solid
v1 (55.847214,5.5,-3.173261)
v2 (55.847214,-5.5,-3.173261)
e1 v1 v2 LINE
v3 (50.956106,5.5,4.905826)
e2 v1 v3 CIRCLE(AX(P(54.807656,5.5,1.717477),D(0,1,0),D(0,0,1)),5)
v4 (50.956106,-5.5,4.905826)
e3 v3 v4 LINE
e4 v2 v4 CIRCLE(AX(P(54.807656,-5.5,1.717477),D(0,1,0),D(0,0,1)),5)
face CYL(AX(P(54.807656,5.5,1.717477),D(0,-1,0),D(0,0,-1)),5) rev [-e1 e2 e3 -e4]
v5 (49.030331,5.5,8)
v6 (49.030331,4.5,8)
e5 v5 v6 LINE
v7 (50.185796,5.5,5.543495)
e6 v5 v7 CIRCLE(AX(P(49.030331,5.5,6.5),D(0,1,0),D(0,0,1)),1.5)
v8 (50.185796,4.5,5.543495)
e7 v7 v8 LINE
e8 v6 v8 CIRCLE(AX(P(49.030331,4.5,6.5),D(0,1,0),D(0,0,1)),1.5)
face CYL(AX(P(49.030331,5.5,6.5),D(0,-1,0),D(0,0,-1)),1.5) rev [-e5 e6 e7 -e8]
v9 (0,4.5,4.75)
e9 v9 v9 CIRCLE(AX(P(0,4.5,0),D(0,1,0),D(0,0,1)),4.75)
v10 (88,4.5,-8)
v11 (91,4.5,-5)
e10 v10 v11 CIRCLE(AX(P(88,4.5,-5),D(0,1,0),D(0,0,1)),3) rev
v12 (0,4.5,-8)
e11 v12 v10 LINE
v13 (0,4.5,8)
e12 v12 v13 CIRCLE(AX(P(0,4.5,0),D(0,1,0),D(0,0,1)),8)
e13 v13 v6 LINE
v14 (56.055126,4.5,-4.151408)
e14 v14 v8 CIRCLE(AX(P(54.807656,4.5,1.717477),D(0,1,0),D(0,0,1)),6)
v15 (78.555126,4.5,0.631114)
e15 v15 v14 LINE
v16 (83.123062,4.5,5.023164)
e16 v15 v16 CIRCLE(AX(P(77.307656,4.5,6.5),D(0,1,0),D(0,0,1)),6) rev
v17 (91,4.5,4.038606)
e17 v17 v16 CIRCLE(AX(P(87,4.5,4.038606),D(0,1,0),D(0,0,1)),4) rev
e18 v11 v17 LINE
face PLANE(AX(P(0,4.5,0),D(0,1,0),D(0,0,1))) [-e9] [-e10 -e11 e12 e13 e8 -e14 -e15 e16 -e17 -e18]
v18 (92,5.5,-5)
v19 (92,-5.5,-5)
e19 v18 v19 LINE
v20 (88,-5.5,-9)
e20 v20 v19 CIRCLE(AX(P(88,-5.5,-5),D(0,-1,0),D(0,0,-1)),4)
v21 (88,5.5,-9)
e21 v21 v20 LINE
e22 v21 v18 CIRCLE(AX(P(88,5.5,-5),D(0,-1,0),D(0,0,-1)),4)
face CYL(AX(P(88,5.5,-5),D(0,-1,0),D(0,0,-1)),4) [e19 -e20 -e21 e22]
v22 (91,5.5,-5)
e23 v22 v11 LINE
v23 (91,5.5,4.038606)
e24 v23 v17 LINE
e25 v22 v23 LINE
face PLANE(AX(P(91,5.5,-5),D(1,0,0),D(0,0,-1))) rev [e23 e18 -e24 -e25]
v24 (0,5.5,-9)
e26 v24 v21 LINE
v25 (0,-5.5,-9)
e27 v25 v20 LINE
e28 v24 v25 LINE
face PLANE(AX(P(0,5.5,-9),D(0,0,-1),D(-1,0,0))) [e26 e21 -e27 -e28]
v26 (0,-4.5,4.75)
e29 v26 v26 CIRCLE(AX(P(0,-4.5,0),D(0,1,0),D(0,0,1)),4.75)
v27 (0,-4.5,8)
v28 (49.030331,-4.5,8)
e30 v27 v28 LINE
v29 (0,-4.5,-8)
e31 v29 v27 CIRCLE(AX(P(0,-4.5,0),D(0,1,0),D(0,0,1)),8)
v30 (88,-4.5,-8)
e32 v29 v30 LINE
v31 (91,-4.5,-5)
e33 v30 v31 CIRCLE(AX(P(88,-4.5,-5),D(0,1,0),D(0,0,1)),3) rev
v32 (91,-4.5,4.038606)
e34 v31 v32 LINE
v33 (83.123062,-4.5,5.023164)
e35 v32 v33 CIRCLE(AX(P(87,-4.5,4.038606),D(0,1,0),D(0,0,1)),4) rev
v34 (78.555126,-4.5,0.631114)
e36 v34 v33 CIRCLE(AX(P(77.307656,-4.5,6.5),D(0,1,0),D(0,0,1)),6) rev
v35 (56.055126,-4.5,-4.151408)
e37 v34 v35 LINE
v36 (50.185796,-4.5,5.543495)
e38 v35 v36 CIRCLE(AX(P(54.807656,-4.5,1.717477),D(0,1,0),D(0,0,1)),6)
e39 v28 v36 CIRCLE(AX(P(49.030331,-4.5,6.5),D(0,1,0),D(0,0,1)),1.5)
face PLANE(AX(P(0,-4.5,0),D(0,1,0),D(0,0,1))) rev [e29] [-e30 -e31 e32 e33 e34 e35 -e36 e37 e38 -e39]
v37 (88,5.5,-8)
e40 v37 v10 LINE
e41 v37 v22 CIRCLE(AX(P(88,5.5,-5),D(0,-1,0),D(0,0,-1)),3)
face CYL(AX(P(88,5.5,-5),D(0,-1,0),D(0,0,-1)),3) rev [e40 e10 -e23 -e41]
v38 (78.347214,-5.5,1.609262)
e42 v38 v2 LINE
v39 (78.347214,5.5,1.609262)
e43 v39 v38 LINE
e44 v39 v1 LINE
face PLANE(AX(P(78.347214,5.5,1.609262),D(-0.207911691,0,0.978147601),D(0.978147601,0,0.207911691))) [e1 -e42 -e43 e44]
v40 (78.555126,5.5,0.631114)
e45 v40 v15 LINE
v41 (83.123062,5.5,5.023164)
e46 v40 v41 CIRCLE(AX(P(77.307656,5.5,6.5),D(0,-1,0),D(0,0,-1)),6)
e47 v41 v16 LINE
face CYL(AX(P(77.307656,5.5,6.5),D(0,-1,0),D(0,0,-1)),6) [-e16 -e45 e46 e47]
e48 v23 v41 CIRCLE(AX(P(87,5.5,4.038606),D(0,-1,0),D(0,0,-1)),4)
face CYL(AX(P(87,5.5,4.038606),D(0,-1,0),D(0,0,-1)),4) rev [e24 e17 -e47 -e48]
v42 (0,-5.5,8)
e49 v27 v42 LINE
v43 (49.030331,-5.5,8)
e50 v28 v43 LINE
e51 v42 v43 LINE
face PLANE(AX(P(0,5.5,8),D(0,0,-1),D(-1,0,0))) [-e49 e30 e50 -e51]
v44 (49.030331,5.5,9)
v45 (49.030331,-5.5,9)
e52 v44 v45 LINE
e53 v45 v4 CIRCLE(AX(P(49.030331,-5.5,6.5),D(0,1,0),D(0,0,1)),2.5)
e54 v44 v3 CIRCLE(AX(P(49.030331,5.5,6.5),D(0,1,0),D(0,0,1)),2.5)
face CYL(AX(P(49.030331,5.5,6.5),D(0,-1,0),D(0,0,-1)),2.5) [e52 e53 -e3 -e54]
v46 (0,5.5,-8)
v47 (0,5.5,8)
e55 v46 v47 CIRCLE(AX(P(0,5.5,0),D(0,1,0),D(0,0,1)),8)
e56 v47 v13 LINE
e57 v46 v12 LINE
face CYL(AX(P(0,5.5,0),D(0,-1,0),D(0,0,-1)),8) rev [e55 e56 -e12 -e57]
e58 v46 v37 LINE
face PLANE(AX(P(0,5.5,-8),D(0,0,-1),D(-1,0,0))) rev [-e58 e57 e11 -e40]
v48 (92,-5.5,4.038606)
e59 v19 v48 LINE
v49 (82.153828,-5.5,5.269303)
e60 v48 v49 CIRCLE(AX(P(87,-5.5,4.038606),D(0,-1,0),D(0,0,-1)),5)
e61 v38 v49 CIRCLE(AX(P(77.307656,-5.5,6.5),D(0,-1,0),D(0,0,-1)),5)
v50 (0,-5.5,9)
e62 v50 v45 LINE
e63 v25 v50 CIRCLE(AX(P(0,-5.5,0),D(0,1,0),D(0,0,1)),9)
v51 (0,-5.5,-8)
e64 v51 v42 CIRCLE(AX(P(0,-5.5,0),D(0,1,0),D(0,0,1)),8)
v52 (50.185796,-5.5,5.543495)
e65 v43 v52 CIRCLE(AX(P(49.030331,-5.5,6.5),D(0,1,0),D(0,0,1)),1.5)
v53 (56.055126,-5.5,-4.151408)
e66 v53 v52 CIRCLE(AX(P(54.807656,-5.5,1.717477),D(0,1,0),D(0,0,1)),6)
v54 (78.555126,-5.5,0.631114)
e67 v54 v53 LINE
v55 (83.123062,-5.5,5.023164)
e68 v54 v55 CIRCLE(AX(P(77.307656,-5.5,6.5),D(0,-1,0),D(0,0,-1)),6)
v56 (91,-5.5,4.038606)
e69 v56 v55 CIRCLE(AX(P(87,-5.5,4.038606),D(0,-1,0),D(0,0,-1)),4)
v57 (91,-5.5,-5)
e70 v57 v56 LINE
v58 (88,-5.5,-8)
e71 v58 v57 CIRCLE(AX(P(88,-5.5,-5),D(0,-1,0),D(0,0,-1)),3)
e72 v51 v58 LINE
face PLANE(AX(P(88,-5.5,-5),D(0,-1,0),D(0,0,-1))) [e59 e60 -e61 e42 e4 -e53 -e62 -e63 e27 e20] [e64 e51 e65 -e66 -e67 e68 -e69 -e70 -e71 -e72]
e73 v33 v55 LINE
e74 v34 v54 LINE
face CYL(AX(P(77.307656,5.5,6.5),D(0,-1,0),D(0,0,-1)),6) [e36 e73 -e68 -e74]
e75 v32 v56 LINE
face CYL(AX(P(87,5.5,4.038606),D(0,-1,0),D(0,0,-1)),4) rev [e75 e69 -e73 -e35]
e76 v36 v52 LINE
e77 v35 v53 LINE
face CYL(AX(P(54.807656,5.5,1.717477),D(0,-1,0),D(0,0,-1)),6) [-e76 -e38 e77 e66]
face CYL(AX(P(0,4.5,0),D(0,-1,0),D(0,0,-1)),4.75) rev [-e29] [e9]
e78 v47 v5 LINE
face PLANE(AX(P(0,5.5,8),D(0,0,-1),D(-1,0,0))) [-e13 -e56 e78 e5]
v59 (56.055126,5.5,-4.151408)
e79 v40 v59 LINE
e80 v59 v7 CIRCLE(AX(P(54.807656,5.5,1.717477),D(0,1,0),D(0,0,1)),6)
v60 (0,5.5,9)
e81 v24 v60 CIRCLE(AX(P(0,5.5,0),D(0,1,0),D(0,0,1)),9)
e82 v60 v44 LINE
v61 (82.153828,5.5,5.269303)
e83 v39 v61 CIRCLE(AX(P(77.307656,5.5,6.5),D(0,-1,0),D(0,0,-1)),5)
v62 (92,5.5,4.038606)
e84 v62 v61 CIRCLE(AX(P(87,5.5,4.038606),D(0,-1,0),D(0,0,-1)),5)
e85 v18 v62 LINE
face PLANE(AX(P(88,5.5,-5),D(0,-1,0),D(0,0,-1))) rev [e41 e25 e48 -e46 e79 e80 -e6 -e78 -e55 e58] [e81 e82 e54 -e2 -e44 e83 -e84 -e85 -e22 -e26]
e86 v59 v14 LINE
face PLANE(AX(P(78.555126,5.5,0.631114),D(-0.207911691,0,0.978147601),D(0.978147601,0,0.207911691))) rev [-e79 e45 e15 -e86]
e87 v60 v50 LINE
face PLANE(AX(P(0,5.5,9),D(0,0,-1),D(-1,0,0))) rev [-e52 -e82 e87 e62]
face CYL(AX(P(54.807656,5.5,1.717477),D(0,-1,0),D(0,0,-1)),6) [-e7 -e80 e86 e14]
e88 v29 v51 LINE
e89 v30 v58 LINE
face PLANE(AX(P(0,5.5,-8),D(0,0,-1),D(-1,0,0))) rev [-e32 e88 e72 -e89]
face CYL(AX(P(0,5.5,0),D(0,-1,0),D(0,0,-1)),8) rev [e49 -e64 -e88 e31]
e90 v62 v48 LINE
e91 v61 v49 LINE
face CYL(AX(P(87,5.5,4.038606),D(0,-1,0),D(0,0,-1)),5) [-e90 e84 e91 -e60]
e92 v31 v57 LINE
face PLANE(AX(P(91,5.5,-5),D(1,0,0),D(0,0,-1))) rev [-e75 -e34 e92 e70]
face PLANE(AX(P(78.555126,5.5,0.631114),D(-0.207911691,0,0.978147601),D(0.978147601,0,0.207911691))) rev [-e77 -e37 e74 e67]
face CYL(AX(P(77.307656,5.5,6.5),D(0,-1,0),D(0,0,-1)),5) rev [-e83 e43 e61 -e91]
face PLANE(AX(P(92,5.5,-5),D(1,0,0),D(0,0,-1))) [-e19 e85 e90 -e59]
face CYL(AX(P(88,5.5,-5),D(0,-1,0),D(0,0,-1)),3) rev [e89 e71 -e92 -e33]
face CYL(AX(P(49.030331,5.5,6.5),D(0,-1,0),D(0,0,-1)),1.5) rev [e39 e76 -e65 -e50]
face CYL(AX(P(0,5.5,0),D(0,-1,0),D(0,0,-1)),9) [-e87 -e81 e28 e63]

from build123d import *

# Parameters (mm, degrees)
BOSS_EXTRUDE1_DEPTH = 5.5
SKETCH2_3_R         = 4.75
BOSS_EXTRUDE2_DEPTH = 4.5


with BuildPart() as part:
    # Sketch2 → Boss-Extrude1 (new, symmetric)
    with BuildSketch(Plane(origin=(0, 0, 0), x_dir=(1, 0, 0), z_dir=(0, 1, 0))):
        with BuildLine():
            Line((0, 9), (88, 9))
            ThreePointArc((88, 9), (90.828427125, 7.828427125), (92, 5))
            Line((92, 5), (92, -4.038605995))
            ThreePointArc((92, -4.038605995), (87.6201367, -9), (82.153827811, -5.269302997))
            ThreePointArc((82.153827811, -5.269302997), (80.773118265, -2.895756853), (78.347214076, -1.609261996))
            Line((78.347214076, -1.609261996), (55.847214076, 3.173260641))
            ThreePointArc((55.847214076, 3.173260641), (50.53042136, 0.871975682), (50.956106022, -4.905825787))
            ThreePointArc((50.956106022, -4.905825787), (51.292568558, -7.564087513), (49.030331222, -9))
            Line((49.030331222, -9), (0, -9))
            ThreePointArc((0, -9), (-9, 0), (0, 9))
        make_face()
        with BuildLine():
            Line((0, 8), (88, 8))
            ThreePointArc((88, 8), (90.121320344, 7.121320344), (91, 5))
            Line((91, 5), (91, -4.038605995))
            ThreePointArc((91, -4.038605995), (87.49610936, -8.007721199), (83.123062249, -5.023163597))
            ThreePointArc((83.123062249, -5.023163597), (81.466210794, -2.174908223), (78.555125766, -0.631114396))
            Line((78.555125766, -0.631114396), (56.055125766, 4.151408242))
            ThreePointArc((56.055125766, 4.151408242), (49.674974507, 1.389866291), (50.185796102, -5.543495472))
            ThreePointArc((50.185796102, -5.543495472), (50.387673623, -7.138452508), (49.030331222, -8))
            Line((49.030331222, -8), (0, -8))
            ThreePointArc((0, -8), (-8, 0), (0, 8))
        make_face(mode=Mode.SUBTRACT)
    extrude(amount=BOSS_EXTRUDE1_DEPTH, both=True)

    # Sketch2<3> → Boss-Extrude2 (add, symmetric)
    with BuildSketch(Plane(origin=(0, 0, 0), x_dir=(1, 0, 0), z_dir=(0, 1, 0))):
        with BuildLine():
            Line((88, 8), (0, 8))
            ThreePointArc((0, 8), (-8, 0), (0, -8))
            Line((0, -8), (49.030331222, -8))
            ThreePointArc((49.030331222, -8), (50.387673623, -7.138452508), (50.185796102, -5.543495472))
            ThreePointArc((50.185796102, -5.543495472), (49.674974507, 1.389866291), (56.055125766, 4.151408242))
            Line((56.055125766, 4.151408242), (78.555125766, -0.631114396))
            ThreePointArc((78.555125766, -0.631114396), (81.466210794, -2.174908223), (83.123062249, -5.023163597))
            ThreePointArc((83.123062249, -5.023163597), (87.49610936, -8.007721199), (91, -4.038605995))
            Line((91, -4.038605995), (91, 5))
            ThreePointArc((91, 5), (90.121320344, 7.121320344), (88, 8))
        make_face()
        Circle(SKETCH2_3_R, mode=Mode.SUBTRACT)
    extrude(amount=BOSS_EXTRUDE2_DEPTH, both=True)


solid = part.part
